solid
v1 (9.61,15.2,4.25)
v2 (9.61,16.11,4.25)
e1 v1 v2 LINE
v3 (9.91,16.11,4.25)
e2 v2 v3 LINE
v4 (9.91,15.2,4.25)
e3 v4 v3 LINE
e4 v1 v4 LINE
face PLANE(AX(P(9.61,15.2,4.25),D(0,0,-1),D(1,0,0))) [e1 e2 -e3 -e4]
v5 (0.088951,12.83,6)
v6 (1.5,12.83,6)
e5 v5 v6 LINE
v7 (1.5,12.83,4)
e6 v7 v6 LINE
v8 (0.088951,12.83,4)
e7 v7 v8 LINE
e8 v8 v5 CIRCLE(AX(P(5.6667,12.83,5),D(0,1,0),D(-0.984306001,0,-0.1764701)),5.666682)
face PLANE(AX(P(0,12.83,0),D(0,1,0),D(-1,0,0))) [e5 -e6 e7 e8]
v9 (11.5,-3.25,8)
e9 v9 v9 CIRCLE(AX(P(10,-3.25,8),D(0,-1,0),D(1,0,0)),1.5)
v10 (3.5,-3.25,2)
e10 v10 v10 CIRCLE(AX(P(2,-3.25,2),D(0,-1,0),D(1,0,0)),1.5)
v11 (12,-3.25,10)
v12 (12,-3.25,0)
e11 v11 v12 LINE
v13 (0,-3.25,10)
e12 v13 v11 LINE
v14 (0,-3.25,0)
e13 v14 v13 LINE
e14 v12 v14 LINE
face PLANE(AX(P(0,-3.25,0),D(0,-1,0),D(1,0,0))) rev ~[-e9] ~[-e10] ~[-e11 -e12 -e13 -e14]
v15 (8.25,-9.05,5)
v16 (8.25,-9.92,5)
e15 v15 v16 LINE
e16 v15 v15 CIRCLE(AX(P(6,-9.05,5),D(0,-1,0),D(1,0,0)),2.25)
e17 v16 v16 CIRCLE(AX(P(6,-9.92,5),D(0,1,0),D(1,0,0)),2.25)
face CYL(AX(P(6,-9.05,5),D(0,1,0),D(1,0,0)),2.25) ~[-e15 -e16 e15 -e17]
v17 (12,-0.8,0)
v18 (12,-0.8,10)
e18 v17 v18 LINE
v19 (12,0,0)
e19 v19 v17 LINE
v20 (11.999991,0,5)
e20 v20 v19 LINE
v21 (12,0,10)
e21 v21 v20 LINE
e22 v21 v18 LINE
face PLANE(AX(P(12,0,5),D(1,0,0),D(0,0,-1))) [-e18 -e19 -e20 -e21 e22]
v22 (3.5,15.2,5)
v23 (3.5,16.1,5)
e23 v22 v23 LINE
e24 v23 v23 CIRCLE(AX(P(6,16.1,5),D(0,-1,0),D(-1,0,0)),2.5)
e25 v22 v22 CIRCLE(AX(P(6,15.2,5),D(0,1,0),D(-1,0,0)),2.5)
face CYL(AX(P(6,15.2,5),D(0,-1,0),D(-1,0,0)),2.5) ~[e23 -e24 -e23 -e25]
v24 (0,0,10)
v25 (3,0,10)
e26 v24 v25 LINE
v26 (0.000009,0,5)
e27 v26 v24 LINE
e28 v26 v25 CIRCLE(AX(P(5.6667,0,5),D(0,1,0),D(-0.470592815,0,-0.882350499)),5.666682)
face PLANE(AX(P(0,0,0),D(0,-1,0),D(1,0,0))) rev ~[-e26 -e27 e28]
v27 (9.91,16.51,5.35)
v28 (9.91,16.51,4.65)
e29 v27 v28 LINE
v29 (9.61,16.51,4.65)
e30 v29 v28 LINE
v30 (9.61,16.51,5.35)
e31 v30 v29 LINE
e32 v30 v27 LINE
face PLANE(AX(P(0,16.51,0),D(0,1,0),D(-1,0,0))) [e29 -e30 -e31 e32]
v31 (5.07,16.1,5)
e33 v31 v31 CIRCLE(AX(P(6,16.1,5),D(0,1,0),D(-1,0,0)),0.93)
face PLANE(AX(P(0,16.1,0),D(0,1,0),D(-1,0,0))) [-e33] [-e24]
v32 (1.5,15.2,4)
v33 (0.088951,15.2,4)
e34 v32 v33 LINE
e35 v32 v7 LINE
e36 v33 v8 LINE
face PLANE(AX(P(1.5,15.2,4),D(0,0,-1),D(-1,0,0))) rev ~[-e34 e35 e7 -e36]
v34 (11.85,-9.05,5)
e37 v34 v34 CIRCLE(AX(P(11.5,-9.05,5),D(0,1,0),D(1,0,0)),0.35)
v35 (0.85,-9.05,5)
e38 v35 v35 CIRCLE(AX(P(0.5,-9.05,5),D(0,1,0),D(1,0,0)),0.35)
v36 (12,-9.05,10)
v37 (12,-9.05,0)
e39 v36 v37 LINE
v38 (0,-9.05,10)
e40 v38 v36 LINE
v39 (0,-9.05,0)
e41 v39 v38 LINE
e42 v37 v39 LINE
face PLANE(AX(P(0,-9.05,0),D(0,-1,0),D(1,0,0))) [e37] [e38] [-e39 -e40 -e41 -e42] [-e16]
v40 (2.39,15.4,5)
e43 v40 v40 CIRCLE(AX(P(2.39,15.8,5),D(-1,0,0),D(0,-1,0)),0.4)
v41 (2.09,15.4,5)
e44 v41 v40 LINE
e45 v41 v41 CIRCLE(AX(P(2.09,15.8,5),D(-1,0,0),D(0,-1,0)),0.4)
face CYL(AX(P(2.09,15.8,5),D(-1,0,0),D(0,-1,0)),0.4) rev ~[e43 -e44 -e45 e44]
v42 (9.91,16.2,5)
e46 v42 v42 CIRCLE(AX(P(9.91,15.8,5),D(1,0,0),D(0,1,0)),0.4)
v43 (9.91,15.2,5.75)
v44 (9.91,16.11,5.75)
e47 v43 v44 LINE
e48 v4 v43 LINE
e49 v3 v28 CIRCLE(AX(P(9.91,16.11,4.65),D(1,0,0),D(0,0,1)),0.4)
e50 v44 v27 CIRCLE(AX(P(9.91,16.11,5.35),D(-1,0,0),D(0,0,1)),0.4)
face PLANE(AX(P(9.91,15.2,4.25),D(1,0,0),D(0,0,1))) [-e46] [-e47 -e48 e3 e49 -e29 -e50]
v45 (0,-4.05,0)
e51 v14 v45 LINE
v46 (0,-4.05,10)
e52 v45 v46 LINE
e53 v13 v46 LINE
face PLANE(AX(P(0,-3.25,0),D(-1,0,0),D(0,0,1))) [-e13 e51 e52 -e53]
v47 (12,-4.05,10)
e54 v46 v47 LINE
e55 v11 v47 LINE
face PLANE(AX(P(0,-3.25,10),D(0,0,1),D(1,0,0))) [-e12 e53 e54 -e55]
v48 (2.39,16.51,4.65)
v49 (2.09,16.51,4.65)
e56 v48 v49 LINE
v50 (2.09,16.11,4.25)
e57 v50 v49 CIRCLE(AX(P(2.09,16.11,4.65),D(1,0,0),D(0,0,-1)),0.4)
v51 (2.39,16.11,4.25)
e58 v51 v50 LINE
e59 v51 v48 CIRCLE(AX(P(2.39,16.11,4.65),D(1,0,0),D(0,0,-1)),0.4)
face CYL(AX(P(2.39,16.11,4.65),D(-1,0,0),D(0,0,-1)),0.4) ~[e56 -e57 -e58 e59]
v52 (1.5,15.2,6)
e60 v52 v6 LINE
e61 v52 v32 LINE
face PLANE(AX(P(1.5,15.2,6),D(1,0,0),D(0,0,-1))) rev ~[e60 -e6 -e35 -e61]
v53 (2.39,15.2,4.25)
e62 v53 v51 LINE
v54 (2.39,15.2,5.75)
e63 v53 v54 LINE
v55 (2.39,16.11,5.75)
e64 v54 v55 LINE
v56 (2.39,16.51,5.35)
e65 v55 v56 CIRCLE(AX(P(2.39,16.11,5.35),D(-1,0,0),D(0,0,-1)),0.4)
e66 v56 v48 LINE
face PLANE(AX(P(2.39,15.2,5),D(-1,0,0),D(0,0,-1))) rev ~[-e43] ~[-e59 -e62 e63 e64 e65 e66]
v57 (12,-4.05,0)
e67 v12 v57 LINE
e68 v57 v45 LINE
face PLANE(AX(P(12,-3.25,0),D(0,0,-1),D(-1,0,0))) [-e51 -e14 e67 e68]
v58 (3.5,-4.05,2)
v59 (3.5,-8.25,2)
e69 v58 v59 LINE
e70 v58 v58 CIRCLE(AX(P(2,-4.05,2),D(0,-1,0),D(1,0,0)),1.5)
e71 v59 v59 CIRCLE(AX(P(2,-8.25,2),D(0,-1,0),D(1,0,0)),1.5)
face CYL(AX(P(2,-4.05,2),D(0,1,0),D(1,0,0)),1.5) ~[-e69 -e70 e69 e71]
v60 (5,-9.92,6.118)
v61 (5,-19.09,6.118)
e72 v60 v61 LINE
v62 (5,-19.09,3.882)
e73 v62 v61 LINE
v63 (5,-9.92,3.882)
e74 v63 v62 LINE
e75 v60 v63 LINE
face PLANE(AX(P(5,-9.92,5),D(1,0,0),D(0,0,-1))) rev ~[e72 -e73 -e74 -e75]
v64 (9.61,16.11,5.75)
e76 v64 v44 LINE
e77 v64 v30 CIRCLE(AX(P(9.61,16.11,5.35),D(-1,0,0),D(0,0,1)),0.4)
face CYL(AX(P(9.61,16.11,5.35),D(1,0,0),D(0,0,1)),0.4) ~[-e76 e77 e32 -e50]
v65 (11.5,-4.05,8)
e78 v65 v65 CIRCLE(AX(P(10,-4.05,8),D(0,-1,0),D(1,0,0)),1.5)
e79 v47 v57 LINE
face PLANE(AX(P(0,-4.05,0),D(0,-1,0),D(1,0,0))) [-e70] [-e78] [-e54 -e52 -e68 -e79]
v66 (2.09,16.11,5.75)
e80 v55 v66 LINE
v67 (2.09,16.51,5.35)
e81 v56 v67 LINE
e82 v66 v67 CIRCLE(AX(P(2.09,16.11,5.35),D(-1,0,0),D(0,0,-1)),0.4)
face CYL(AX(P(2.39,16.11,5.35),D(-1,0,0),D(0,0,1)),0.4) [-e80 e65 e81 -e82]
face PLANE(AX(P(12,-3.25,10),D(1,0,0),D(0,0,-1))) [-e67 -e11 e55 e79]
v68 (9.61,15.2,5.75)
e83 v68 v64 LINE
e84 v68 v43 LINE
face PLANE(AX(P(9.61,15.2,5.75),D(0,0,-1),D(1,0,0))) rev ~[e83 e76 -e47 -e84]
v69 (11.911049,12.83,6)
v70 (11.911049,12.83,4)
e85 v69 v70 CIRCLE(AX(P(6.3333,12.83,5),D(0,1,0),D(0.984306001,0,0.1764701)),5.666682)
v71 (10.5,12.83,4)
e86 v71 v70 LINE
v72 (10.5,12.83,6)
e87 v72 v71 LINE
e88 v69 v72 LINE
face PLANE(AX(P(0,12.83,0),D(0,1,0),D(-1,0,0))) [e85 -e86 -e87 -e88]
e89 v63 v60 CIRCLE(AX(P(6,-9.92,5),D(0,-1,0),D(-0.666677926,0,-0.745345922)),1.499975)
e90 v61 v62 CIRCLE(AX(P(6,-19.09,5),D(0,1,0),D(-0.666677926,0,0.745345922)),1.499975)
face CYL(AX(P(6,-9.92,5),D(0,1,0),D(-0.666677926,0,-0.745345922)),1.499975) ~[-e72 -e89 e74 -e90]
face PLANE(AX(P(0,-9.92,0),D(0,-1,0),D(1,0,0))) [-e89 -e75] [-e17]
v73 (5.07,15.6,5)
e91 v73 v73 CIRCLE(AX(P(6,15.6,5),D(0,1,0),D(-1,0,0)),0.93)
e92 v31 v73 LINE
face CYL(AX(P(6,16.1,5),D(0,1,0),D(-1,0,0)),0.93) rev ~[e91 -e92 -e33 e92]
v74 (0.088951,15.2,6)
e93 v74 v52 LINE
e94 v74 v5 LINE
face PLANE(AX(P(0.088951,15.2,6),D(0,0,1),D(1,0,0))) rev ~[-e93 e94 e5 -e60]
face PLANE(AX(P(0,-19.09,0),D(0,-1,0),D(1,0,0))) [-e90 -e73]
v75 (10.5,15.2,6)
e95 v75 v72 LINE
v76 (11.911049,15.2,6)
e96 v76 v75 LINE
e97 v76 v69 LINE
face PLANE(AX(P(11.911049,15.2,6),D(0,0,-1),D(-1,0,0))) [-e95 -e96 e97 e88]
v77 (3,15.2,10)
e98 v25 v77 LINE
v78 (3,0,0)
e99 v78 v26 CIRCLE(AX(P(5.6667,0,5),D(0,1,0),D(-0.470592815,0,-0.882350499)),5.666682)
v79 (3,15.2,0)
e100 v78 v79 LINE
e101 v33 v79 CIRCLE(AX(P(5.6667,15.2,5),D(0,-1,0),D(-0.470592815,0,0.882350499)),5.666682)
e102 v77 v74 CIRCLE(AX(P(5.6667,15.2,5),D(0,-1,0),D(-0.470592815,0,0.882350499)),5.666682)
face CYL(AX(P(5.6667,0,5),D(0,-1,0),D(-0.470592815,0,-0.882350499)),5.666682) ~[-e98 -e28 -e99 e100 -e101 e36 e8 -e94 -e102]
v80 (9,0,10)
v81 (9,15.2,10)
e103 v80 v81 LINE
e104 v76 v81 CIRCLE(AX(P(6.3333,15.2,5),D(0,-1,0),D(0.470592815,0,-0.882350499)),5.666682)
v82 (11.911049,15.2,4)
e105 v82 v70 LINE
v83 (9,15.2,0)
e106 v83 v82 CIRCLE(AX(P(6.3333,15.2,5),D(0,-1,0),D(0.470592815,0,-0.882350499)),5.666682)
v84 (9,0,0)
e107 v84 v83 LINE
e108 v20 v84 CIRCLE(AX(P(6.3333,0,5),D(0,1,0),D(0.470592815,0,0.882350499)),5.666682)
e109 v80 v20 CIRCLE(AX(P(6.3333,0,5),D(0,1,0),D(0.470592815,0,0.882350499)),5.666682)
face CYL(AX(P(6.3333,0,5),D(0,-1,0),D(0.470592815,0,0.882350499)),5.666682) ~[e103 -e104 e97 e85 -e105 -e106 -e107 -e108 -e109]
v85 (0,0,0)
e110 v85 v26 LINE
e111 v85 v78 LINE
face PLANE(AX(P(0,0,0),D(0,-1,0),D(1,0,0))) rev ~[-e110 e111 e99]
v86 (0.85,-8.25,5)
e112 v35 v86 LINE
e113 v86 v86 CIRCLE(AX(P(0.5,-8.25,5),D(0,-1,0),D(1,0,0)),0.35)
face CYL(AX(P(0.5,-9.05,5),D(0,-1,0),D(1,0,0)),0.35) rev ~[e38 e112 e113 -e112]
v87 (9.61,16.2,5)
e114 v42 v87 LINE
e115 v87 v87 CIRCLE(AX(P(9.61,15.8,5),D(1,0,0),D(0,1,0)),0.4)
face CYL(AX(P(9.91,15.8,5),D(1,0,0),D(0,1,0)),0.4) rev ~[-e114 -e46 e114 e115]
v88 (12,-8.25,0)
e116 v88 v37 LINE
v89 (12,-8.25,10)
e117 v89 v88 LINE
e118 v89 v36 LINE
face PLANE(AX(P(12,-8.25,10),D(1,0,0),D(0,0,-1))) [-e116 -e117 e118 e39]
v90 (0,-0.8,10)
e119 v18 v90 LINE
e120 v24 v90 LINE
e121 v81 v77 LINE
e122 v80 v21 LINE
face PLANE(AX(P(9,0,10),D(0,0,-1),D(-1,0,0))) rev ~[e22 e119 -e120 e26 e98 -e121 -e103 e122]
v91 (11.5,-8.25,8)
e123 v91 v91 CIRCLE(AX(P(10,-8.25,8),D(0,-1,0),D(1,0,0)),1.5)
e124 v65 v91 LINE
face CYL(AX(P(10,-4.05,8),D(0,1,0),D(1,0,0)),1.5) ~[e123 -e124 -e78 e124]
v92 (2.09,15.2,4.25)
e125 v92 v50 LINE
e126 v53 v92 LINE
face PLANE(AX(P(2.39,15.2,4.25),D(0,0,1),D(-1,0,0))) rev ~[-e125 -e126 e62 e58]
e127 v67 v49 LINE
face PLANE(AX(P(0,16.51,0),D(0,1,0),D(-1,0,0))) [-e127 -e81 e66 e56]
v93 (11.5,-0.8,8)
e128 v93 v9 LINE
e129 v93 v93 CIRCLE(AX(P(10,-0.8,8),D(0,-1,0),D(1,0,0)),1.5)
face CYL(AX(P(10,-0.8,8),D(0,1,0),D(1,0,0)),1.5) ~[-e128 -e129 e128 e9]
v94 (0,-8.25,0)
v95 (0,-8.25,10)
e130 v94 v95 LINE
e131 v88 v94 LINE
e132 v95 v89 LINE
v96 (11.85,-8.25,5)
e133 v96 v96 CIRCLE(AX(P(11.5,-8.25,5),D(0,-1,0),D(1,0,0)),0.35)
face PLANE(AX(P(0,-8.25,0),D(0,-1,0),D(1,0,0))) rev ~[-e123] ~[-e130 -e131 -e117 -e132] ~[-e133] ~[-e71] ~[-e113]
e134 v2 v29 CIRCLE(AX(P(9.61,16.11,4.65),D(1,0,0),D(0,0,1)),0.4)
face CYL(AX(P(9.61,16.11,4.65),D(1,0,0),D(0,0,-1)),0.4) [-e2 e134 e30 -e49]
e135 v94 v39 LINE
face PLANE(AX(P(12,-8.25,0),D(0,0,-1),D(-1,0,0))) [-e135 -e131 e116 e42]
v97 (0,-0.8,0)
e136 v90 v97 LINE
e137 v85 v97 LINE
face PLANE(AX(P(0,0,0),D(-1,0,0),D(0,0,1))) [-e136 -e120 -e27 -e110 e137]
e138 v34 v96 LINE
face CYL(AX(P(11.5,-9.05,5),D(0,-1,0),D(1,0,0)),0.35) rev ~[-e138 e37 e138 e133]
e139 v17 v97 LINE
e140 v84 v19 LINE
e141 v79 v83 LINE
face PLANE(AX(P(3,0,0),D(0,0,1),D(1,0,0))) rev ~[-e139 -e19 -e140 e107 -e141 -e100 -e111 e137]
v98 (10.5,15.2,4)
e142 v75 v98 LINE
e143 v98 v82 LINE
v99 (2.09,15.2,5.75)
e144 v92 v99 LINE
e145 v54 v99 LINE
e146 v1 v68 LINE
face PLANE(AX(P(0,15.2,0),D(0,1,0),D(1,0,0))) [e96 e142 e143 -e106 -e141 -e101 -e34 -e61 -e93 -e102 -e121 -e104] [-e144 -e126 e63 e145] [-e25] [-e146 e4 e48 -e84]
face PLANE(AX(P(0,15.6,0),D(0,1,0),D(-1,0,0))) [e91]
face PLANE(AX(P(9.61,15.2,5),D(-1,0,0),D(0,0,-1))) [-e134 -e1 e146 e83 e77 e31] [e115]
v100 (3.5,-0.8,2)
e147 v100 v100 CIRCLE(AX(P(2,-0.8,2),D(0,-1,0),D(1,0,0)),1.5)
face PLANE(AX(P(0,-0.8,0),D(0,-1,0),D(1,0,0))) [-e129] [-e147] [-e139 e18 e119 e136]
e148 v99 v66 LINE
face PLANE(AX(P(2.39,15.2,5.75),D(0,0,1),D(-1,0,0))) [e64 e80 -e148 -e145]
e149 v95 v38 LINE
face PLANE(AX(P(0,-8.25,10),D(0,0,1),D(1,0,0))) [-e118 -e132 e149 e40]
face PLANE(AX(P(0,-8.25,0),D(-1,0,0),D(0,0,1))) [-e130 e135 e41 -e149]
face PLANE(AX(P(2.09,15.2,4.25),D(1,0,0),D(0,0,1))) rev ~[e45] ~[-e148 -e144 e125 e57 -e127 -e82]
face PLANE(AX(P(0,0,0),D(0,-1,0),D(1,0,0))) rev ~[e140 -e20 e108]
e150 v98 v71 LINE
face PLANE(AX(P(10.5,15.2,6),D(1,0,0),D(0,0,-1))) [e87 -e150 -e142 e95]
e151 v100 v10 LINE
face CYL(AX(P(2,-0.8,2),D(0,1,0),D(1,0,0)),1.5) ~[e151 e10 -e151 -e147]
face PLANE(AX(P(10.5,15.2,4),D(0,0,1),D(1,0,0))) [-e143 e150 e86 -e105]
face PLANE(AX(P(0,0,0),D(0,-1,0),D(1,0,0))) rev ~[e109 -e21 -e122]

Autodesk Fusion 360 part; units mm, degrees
sketch "Sketch1" plane through (0, 0, 0) normal (0, 1, 0) x (1, 0, 0)
  line L0 (0, 0) -> (12, 0)
  line L1 (0, 0) -> (0, -10)
  line L2 (12, 0) -> (12, -10)
  line L3 (12, -10) -> (0, -10)
  line L4 (12, -10) -> (9, -10)
  arc A0 (9, -10) -> (9, 0) centre (6.3333, -5) ccw
  line L5 (0, -10) -> (3, -10)
  arc A1 (3, 0) -> (3, -10) centre (5.6667, -5) ccw
  dimension "d3" = 12
  dimension "d4" = 10
  dimension "d5" = 3
  dimension "d6" = 3
extrude "Extrude1" add sketch "Sketch1" along normal blind 15.2 contours L0 L3 A0 A1 makes body 1
sketch "Sketch2" plane through (0, 0, 0) normal (0, -1, 0) x (1, 0, 0)
  arc A0 (9, 0) -> (9, 10) centre (6.3333, 5) ccw
  line L0 (9, 10) -> (3, 10)
  arc A1 (3, 10) -> (3, 0) centre (5.6667, 5) ccw
  line L1 (3, 0) -> (9, 0)
  line L2 (0, 10) -> (12, 10)
  line L3 (12, 10) -> (12, 0)
  line L4 (12, 0) -> (0, 0)
  line L5 (0, 0) -> (0, 10)
extrude "Extrude2" add sketch "Sketch2" along normal blind 0.8 bodies 1
sketch "Sketch3" plane through (0, -0.8, 0) normal (0, -1, 0) x (1, 0, 0)
  line L0 (0, 0) -> (12, 0)
  line L1 (12, 0) -> (12, 10)
  line L2 (12, 10) -> (0, 10)
  line L3 (0, 10) -> (0, 0)
  circle A0 centre (2, 2) radius 1.5
  circle A1 centre (10, 8) radius 1.5
  dimension "d11" = 3
  dimension "d12" = 3
extrude "Extrude3" add sketch "Sketch3" along normal blind 2.45 contours A0 | A1 bodies 1
sketch "Sketch4" plane through (0, -3.25, 0) normal (0, -1, 0) x (1, 0, 0)
  circle A0 centre (2, 2) radius 1.5
  line L0 (0, 10) -> (12, 10)
  line L1 (12, 10) -> (12, 0)
  line L2 (12, 0) -> (0, 0)
  line L3 (0, 0) -> (0, 10)
extrude "Extrude4" add sketch "Sketch4" along normal blind 0.8 separate body makes body 2
extrude "Extrude5" add 1 faces at (1.5, -3.25, 2.6802) along direction (0, -1, 0) blind 0.8 on bodies 1 bodies 1 2
sketch "Sketch5" plane through (0, -4.05, 0) normal (0, -1, 0) x (1, 0, 0)
  line L0 (0, 0) -> (12, 0)
  line L1 (12, 0) -> (12, 10)
  line L2 (12, 10) -> (0, 10)
  line L3 (0, 10) -> (0, 0)
  circle A0 centre (2, 2) radius 1.5
  circle A1 centre (10, 8) radius 1.5
  dimension "d19" = 3
  dimension "d20" = 3
extrude "Extrude6" add sketch "Sketch5" along normal blind 4.2 contours A0 | A1 bodies 1
sketch "Sketch6" plane through (0, -8.25, 0) normal (0, -1, 0) x (1, 0, 0)
  circle A0 centre (10, 8) radius 1.5
  line L0 (0, 10) -> (12, 10)
  line L1 (12, 10) -> (12, 0)
  line L2 (12, 0) -> (0, 0)
  line L3 (0, 0) -> (0, 10)
extrude "Extrude7" add sketch "Sketch6" along normal blind 0.8 contours A0 | L0 L1 L2 L3 bodies 1
sketch "Sketch7" plane through (0, -9.05, 0) normal (0, -1, 0) x (1, 0, 0)
  line L0 (0, 0) -> (12, 0)
  line L1 (12, 0) -> (12, 10)
  line L2 (12, 10) -> (0, 10)
  line L3 (0, 10) -> (0, 0)
  line L4 (0, 5) -> (12, 5)
  line L5 (6, 10) -> (6, 0)
  circle A0 centre (6, 5) radius 2.25
  circle A1 centre (0.5, 5) radius 0.35
  circle A2 centre (11.5, 5) radius 0.35
  dimension "d25" = 4.5
  dimension "d26" = 0.7
extrude "Extrude8" cut sketch "Sketch7" against normal blind 2 contours L4 A1 | L4 A1 | L4 A2 | L4 A2 bodies 1
extrude "Extrude9" add sketch "Sketch7" along normal blind 0.87 contours L4 L5 A0 | L4 L5 A0 | L4 L5 A0 | L4 L5 A0 bodies 1
sketch "Sketch8" plane through (0, -9.92, 0) normal (0, -1, 0) x (1, 0, 0)
  circle A0 centre (6, 5) radius 2.25
  line L0 (7.5, 5) -> (5, 5)
  line L1 (5, 5) -> (5, 6.118)
  line L2 (5, 5) -> (5, 3.882)
  arc A1 (5, 3.882) -> (5, 6.118) centre (6, 5) ccw
  dimension "d31" = 3
  dimension "d32" = 2.5
extrude "Extrude10" add sketch "Sketch8" along normal blind 9.17 contours L0 L2 A1 | L0 L1 A1 bodies 1
sketch "Sketch9" plane through (0, 15.2, 0) normal (0, 1, 0) x (-1, 0, 0)
  arc A0 (-9, 10) -> (-9, 0) centre (-6.3333, 5) ccw
  line L0 (-9, 0) -> (-3, 0)
  arc A1 (-3, 0) -> (-3, 10) centre (-5.6667, 5) ccw
  line L1 (-3, 10) -> (-9, 10)
  circle A2 centre (-6, 5) radius 2.5
  line L2 (0, 5) -> (-1.5, 5)
  line L3 (-1.5, 5) -> (-1.5, 4)
  line L4 (0, 5) -> (0, 6)
  line L5 (0, 6) -> (-1.5, 6)
  line L6 (-1.5, 6) -> (-1.5, 4)
  line L7 (-1.5, 4) -> (0, 4)
  line L8 (0, 4) -> (0, 6)
  line L9 (-6, 10) -> (-6, 0)
  line L10 (-10.5, 6) -> (-10.5, 4)
  line L11 (-12, 4) -> (-12, 6)
  line L12 (-10.5, 4) -> (-12, 4)
  line L13 (-12, 6) -> (-10.5, 6)
  dimension "d35" = 5
  dimension "d36" = 1.5
  dimension "d37" = 1
  dimension "d38" = 1
extrude "Extrude11" add sketch "Sketch9" along normal blind 0.9 contours A2 L9 | A2 L9 bodies 1
extrude "Extrude12" cut sketch "Sketch9" against normal blind 2.37 contours A0 L10 L12 L13 | A1 L2 L5 L6 | A1 L2 L3 L6 L7 bodies 1
sketch "Sketch10" plane through (0, 15.2, 0) normal (0, 1, 0) x (-1, 0, 0)
  line L0 (-0.0889, 4) -> (-1.5, 4)
  line L1 (-1.5, 4) -> (-1.5, 6)
  line L2 (-1.5, 6) -> (-0.0889, 6)
  arc A0 (-0.0889, 6) -> (-3, 10) centre (-5.6667, 5) ccw
  line L3 (-3, 10) -> (-9, 10)
  arc A1 (-9, 10) -> (-11.9111, 6) centre (-6.3333, 5) ccw
  line L4 (-11.9111, 6) -> (-10.5, 6)
  line L5 (-10.5, 6) -> (-10.5, 4)
  line L6 (-10.5, 4) -> (-11.9111, 4)
  arc A2 (-11.9111, 4) -> (-9, 0) centre (-6.3333, 5) ccw
  line L7 (-9, 0) -> (-3, 0)
  arc A3 (-3, 0) -> (-0.0889, 4) centre (-5.6667, 5) ccw
  circle A4 centre (-6, 5) radius 2.5
  line L8 (-3.5, 5) -> (-2.39, 5)
  line L9 (-2.39, 5) -> (-2.39, 4.25)
  line L10 (-2.39, 4.25) -> (-2.09, 4.25)
  line L11 (-2.09, 4.25) -> (-2.09, 5)
  line L12 (0, 5) -> (-12, 5)
  line L13 (-3.5, 5) -> (-2.39, 5)
  line L14 (-2.39, 5.75) -> (-2.09, 5.75)
  line L15 (-2.09, 5.75) -> (-2.09, 5)
  line L16 (-2.39, 5) -> (-2.39, 5.75)
  line L17 (-6, 10) -> (-6, 0)
  line L18 (-9.61, 5) -> (-9.61, 4.25)
  line L19 (-9.91, 4.25) -> (-9.91, 5)
  line L20 (-9.61, 4.25) -> (-9.91, 4.25)
  line L21 (-12, 5) -> (0, 5)
  line L22 (-9.61, 5.75) -> (-9.91, 5.75)
  line L23 (-9.61, 5) -> (-9.61, 5.75)
  line L24 (-9.91, 5.75) -> (-9.91, 5)
  dimension "d43" = 1.11
  dimension "d44" = 0.75
  dimension "d45" = 0.3
extrude "Extrude13" add sketch "Sketch10" along normal blind 1.31 contours L9 L10 L11 L12 L21 | L12 L14 L15 L16 L21 | L12 L18 L19 L20 L21 | L12 L21 L22 L23 L24 bodies 1
sketch "Sketch11" plane through (2.09, 0, 0) normal (-1, 0, 0) x (0, -1, 0)
  line L0 (-15.2, 4.25) -> (-15.2, 5.75)
  line L1 (-15.2, 5.75) -> (-16.51, 5.75)
  line L2 (-16.51, 5.75) -> (-16.51, 4.25)
  line L3 (-16.51, 4.25) -> (-15.2, 4.25)
  circle A0 centre (-15.8, 5) radius 0.4
extrude "Extrude14" cut sketch "Sketch11" against normal blind 0.7 contours A0 bodies 1
sketch "Sketch12" plane through (9.91, 0, 0) normal (1, 0, 0) x (0, 1, 0)
  line L0 (15.2, 5.75) -> (15.2, 4.25)
  line L1 (15.2, 4.25) -> (16.51, 4.25)
  line L2 (16.51, 4.25) -> (16.51, 5.75)
  line L3 (16.51, 5.75) -> (15.2, 5.75)
  circle A0 centre (15.8, 5) radius 0.4
extrude "Extrude15" cut sketch "Sketch12" against normal blind 0.4 contours A0 bodies 1
fillet "Fillet1" radius 0.4 2 edges at (9.76, 16.51, 4.25) (9.76, 16.51, 5.75) on bodies 1
fillet "Fillet2" radius 0.4 2 edges at (2.24, 16.51, 4.25) (2.24, 16.51, 5.75) on bodies 1
sketch "Sketch13" plane through (0, 16.1, 0) normal (0, 1, 0) x (-1, 0, 0)
  circle A0 centre (-6, 5) radius 2.5
  circle A1 centre (-6, 5) radius 0.93
  dimension "d56" = 1.86
extrude "Extrude16" cut sketch "Sketch13" against normal blind 0.5 contours A1 bodies 1
equation "d5 = ( 12 / 4 ) * 1 mm"
equation "d7 = 16 mm - 0.8 mm"
equation "d44 = ( 1.5 / 2 ) * 1 mm"
